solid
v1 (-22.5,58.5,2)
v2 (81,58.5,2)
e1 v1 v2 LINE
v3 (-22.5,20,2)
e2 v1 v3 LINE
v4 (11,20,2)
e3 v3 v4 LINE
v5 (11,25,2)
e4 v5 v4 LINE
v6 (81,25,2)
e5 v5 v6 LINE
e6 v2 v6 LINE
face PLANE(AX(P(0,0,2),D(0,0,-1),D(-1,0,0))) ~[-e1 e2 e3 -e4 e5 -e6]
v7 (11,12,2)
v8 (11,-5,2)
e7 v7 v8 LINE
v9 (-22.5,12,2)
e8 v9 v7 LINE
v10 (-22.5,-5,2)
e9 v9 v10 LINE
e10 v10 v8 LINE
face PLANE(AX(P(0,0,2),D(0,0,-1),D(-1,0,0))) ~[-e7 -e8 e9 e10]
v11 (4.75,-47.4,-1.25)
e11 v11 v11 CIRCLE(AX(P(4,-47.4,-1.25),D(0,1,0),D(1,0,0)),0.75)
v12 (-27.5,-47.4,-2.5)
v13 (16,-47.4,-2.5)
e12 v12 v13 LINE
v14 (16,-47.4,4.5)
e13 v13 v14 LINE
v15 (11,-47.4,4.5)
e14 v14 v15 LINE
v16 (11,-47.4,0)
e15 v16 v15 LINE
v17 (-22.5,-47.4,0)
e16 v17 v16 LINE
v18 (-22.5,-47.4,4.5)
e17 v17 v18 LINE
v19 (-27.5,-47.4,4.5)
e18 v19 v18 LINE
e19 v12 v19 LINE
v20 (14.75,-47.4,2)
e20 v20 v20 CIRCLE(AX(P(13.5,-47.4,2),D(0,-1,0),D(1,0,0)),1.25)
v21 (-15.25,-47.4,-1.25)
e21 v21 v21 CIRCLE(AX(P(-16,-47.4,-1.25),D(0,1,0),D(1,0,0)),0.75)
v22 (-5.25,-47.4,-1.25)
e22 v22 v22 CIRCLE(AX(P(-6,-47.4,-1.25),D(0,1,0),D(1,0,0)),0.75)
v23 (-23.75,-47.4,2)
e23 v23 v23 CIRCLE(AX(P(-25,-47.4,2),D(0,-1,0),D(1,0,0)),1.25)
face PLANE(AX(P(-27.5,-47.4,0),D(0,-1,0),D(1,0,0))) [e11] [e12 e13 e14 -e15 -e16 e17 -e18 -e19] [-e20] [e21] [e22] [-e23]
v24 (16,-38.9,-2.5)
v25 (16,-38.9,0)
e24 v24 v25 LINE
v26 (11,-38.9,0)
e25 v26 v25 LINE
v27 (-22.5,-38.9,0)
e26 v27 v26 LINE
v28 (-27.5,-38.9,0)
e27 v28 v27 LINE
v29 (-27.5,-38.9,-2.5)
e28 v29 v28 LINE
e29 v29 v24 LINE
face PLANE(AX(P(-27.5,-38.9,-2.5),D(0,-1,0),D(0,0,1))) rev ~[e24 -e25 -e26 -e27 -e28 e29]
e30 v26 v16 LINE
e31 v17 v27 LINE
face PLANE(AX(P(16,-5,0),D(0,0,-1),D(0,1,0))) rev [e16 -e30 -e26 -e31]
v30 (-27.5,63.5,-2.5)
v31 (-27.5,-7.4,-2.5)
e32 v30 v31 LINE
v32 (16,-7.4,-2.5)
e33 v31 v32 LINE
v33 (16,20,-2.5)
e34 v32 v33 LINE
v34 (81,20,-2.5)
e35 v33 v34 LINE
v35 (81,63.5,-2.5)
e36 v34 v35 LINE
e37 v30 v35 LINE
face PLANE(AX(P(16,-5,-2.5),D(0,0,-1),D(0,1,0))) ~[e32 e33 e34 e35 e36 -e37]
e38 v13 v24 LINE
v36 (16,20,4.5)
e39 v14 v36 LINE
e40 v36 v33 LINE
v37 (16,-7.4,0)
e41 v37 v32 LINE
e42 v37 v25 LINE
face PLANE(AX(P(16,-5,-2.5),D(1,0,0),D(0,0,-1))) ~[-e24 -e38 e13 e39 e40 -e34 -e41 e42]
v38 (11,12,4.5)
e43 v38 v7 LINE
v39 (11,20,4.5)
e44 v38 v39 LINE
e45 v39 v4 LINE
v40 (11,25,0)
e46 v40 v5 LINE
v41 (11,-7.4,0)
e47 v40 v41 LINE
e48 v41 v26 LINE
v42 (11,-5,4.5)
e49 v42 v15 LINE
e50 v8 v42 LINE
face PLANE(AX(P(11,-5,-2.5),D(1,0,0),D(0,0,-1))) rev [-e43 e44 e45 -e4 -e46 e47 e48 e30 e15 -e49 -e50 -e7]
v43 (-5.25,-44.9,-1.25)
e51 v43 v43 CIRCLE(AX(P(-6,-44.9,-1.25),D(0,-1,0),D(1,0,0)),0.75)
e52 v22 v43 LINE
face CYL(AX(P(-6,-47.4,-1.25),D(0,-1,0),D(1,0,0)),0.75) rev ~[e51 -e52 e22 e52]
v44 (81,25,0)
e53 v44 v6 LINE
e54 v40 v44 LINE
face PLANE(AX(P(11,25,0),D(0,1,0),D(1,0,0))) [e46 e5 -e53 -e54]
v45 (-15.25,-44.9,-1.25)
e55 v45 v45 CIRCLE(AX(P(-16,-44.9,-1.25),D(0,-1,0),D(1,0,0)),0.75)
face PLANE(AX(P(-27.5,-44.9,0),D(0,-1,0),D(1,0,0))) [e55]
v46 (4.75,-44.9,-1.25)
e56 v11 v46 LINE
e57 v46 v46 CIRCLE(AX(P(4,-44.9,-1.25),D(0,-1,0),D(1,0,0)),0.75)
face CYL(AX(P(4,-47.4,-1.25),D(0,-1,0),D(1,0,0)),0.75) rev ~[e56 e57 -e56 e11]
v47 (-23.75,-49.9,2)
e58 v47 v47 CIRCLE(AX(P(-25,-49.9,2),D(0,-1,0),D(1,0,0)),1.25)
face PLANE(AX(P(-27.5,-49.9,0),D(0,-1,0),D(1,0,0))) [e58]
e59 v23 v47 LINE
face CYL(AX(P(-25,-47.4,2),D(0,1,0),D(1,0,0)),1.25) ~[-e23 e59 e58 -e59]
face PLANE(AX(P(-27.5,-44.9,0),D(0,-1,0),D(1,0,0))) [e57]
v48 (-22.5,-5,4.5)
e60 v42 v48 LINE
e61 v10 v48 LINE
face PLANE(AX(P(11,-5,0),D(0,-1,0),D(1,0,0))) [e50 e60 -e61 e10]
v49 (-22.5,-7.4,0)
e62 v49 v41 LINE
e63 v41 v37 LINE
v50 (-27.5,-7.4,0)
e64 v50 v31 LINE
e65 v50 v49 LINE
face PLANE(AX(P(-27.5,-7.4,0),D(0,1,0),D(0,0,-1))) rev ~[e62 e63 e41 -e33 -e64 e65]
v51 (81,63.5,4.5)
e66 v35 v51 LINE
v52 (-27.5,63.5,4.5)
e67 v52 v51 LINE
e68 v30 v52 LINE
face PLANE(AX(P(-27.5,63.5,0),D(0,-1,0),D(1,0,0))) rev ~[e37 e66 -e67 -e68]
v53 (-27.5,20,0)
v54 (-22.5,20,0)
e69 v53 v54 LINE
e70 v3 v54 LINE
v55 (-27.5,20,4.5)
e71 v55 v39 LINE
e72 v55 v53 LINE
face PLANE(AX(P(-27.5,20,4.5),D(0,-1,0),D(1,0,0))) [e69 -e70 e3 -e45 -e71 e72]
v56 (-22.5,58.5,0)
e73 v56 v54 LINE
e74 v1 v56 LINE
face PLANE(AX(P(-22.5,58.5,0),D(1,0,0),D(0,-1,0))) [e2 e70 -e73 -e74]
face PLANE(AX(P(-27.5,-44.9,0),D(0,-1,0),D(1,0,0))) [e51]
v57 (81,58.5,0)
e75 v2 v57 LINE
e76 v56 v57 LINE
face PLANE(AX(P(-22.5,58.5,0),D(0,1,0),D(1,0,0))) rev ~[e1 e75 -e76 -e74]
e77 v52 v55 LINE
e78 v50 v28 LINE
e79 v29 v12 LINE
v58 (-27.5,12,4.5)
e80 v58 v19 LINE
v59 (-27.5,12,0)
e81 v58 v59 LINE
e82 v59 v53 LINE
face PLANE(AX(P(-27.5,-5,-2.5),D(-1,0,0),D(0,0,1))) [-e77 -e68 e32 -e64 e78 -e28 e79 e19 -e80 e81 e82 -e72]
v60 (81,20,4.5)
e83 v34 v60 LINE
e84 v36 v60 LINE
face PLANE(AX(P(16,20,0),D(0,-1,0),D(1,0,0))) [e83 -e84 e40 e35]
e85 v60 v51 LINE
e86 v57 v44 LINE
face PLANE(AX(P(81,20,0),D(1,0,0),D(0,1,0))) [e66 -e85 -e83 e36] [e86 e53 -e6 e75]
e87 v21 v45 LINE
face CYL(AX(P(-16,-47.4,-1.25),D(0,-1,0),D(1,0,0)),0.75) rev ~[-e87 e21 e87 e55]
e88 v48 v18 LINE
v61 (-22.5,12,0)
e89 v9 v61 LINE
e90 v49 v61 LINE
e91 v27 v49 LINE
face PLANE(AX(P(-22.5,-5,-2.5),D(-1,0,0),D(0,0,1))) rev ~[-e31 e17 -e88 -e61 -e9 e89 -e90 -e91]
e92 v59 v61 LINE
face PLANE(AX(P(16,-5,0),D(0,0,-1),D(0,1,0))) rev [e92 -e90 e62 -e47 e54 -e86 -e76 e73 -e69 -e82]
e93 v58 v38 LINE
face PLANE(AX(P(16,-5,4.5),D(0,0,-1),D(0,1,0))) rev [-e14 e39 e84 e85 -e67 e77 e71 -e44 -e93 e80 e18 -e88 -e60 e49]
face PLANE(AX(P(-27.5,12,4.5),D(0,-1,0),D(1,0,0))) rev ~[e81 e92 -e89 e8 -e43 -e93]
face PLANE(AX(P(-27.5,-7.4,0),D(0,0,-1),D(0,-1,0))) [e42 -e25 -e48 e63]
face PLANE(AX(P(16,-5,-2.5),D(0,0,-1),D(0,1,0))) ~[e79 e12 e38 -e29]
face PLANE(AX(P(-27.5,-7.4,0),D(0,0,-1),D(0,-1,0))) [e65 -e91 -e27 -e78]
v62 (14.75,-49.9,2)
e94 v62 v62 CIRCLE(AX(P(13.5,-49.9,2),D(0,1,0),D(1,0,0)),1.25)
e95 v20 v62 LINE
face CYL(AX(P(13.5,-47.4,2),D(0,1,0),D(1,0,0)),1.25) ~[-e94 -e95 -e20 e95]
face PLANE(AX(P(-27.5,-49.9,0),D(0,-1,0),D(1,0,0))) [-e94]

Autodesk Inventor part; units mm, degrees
ref_plane "YZ Plane" through (0, 0, 0) normal (1, 0, 0) x (0, 1, 0)
sketch "Boceto1" plane through (0, 0, 0) normal (0, 0, 1) x (1, 0, 0)
  line L0 (81, 20) -> (81, 63.5)
  line L1 (-27.5, 63.5) -> (-27.5, -5)
  line L2 (-27.5, -5) -> (16, -5)
  line L3 (16, -5) -> (16, 20)
  line L4 (11, 25) -> (11, -5)
  line L5 (-22.5, 58.5) -> (-22.5, -5)
  line L6 (11, 25) -> (81, 25)
  line L7 (-27.5, 63.5) -> (81, 63.5)
  line L8 (-22.5, 58.5) -> (81, 58.5)
  line L9 (16, 20) -> (81, 20)
  point P0 (0, 0)
  dimension "d7" = 5
  dimension "d68" = 5
  dimension "d69" = 33.5
  dimension "d74" = 5
  dimension "d75" = 33.5
  dimension "d76" = 5
  dimension "d77" = 70
  dimension "d111" = 30
extrude "Extrusión1" add sketch "Boceto1" against normal blind 2.5
extrude "Extrusión2" add sketch "Boceto1" along normal blind 1 contours L9 L3 L2 L4 L6 L0 | L8 L5 L2 L1 L7 L0
ref_plane "Plano de trabajo3" through (29.25, 58.5, 1) normal (0, 0, 1) x (1, 0, 0)
mirror "Simetría3" about plane through (29.25, 58.5, 1) normal (0, 0, 1) of "Extrusión2", "Extrusión1"
sketch "Boceto6" plane through (-27.5, 63.5, 4.5) normal (0, 0, 1) x (1, 0, 0)
  line L0 (108.5, -43.5) -> (43.5, -43.5) projected
  line L1 (0, -68.5) -> (0, 0) projected
  line L2 (0, -43.5) -> (0, -51.5)
  line L3 (43.5, -43.5) -> (43.5, -68.5) projected
  line L4 (0, -43.5) -> (38.5, -43.5)
  line L5 (38.5, -68.5) -> (38.5, -38.5) projected
  line L6 (0, -51.5) -> (38.5, -51.5)
  line L7 (38.5, -43.5) -> (38.5, -51.5)
  point P0 (27.5, -63.5)
  point P1 (43.5, -51.5)
  dimension "d78" = 8
extrude "Extrusión11" cut sketch "Boceto6" against normal blind 4.5
sketch "Boceto7" plane through (-27.5, -5, -2.5) normal (-1, 0, 0) x (0, 0, 1)
  line L0 (0, 0) -> (0, 68.5) projected
  line L1 (0, 0) -> (0, -42.4)
  line L2 (0, 0) -> (7, 0) projected
  line L3 (0, 0) -> (7, 0)
  line L4 (7, 0) -> (7, -42.4)
  line L5 (0, -42.4) -> (86.5, -192.2224)
  line L6 (86.5, -192.2224) -> (89, -192.2224)
  line L7 (89, -192.2224) -> (92.375, -190.2738)
  line L8 (2.5, 0) -> (2.5, -42.4)
  line L9 (0, 0) -> (7, 0) projected
  line L10 (0, 0) -> (2.5, 0)
  line L11 (86.5, -192.2224) -> (89, -192.2224)
  line L12 (89, -192.2224) -> (92.375, -190.2738)
  line L13 (2.5, -42.4) -> (89, -192.2224)
  line L14 (0, -42.4) -> (-1.0904, -42.4)
  line L15 (7, -42.4) -> (92.375, -190.2738)
  line L16 (86.5, -187.8923) -> (89.875, -185.9437)
  point P0 (2.5, 5)
  point P1 (4.5, 0)
  point P2 (-0.5452, -42.4)
  dimension "d81" = 42.4
  dimension "d82" = 173
  dimension "d88" = 120
  dimension "d108" = 5
ref_plane "Plano de trabajo4" through (-5.75, -5, -2.5) normal (1, 0, 0) x (0, 0, -1)
extrude "Extrusión12" add sketch "Boceto7" against normal blind 21.75 contours L2 L8 L13 L6 L5 L1
extrude "Extrusión13" add sketch "Boceto7" against normal blind 5 contours L2 L4 L15 L16 L13 L8
extrude "Extrusión14" add sketch "Boceto7" against normal blind 21.75 contours L13 L16 L15 L7
mirror "Simetría4" about plane through (-5.75, -5, -2.5) normal (1, 0, 0) of "Extrusión12", "Extrusión13", "Extrusión14"
sketch "Boceto8" plane through (-22.5, -47.4, 0) normal (0, 0.5, 0.866) x (1, 0, 0)
  line L0 (0, 0) -> (33.5, 0) projected
  line L1 (16.75, 0) -> (16.75, -5)
  circle A0 centre (16.75, -15.25) radius 10.25
  line L2 (16.75, -25.5) -> (16.75, -30.5)
  circle A1 centre (16.75, -41.5) radius 11
  line L3 (16.75, -52.5) -> (16.75, -57.5)
  circle A2 centre (16.75, -68.69) radius 11.19
  line L4 (16.75, -79.88) -> (16.75, -84.88)
  circle A3 centre (16.75, -96.38) radius 11.5
  line L5 (16.75, -107.88) -> (16.75, -112.88)
  circle A4 centre (16.75, -125.07) radius 12.19
  line L6 (16.75, -137.26) -> (16.75, -142.26)
  circle A5 centre (16.75, -155.01) radius 12.75
  point P0 (22.5, 41.0496)
  dimension "d105" = 25.5
  dimension "d94" = 5
  dimension "d95" = 20.5
  dimension "d96" = 5
  dimension "d97" = 5
  dimension "d98" = 5
  dimension "d99" = 5
  dimension "d100" = 5
  dimension "d101" = 22
  dimension "d102" = 22.38
  dimension "d103" = 23
  dimension "d104" = 24.38
extrude "Extrusión15" cut sketch "Boceto8" against normal blind 21.75
sketch "Boceto9" plane through (-27.5, 63.5, -2.5) normal (-1, 0, 0) x (0, 0, 1)
  line L0 (2.5, -51.5) -> (2.5, -110.9) projected
  line L1 (0, 0) -> (0, -110.9) projected
  line L2 (0, -110.9) -> (2.5, -110.9)
  line L3 (2.5, -110.9) -> (2.5, -70.9)
  line L4 (2.5, -70.9) -> (0, -70.9)
  line L5 (0, -70.9) -> (0, -110.9)
  line L6 (0, -43.5) -> (0, -110.9) projected
  line L7 (0, -102.4) -> (2.5, -102.4)
  point P0 (2.5, -63.5)
  point P1 (7, -110.9)
  dimension "d109" = 2.5
  dimension "d110" = 40
  dimension "d112" = 31.5
extrude "Extrusión16" cut sketch "Boceto9" against normal through all contours L0 L7 L1 L4
ref_plane "Plano de trabajo5" through (-27.5, -47.4, 0) normal (0, -1, 0) x (1, 0, 0)
sketch "Boceto10" plane through (-27.5, -47.4, 0) normal (0, -1, 0) x (1, 0, 0)
  line L0 (43.5, 0) -> (43.5, -2.5) projected
  line L1 (0, 86.5) -> (0, 89.875) projected
  line L2 (43.5, -2.5) -> (0, -2.5)
  line L3 (0, -2.5) -> (0, 89.875)
  line L4 (0, 89.875) -> (43.5, 89.875)
  line L5 (43.5, 89.875) -> (43.5, -2.5)
  point P0 (27.5, 0)
extrude "Extrusión17" cut sketch "Boceto10" along normal through all
sketch "Boceto11" plane through (-27.5, -47.4, 0) normal (0, -1, 0) x (1, 0, 0)
  line L0 (43.5, 4.5) -> (38.5, 4.5) projected
  line L1 (38.5, 0) -> (38.5, 4.5) projected
  line L2 (5, 0) -> (38.5, 0) projected
  line L3 (5, 4.5) -> (5, 0) projected
  line L4 (0, 4.5) -> (5, 4.5) projected
  line L5 (0, -2.5) -> (0, 4.5) projected
  line L6 (0, -2.5) -> (43.5, -2.5) projected
  line L7 (43.5, 4.5) -> (43.5, -2.5) projected
  line L8 (0, 0) -> (0, -2.5) projected
  line L9 (0, -1.25) -> (43.5, -1.25)
  line L10 (43.5, -2.5) -> (43.5, 4.5) projected
  circle A0 centre (2.5, 2) radius 1.25
  line L11 (108.5, 2) -> (5, 2) projected
  circle A1 centre (41, 2) radius 1.25
  circle A2 centre (11.5, -1.25) radius 0.75
  circle A3 centre (21.5, -1.25) radius 0.75
  circle A4 centre (31.5, -1.25) radius 0.75
  point P0 (27.5, 0)
  dimension "d117" = 2.5
  dimension "d118" = 2.5
  dimension "d119" = 38.5
  dimension "d120" = 1.5
  dimension "d121" = 1.5
  dimension "d122" = 1.5
  dimension "d123" = 10
  dimension "d124" = 10
  dimension "d125" = 12
extrude "Extrusión18" add sketch "Boceto11" along normal blind 2.5 contours A1 L11 | L11 A1 | A0
extrude "Extrusión19" cut sketch "Boceto11" against normal blind 2.5 contours A4 L9 | L9 A4 | A3 L9 | L9 A3 | A2 L9 | L9 A2
equation "\"d105\" = UnSol"
equation "\"d94\" = razon"
equation "\"d95\" = diezcen"
equation "\"d96\" = razon"
equation "\"d97\" = razon"
equation "\"d98\" = razon"
equation "\"d99\" = razon"
equation "\"d100\" = razon"
equation "\"d101\" = cincuentacen"
equation "\"d102\" = dossol"
equation "\"d103\" = veintecen"
equation "\"d104\" = cincosol"
equation "\"UnSol\" = 25.5"
equation "\"diezcen\" = 20.5"
equation "\"veintecen\" = 23"
equation "\"cincuentacen\" = 22"
equation "\"dossol\" = 22.38"
equation "\"cincosol\" = 24.38"
equation "\"razon\" = 5"
properties part number "V1"
